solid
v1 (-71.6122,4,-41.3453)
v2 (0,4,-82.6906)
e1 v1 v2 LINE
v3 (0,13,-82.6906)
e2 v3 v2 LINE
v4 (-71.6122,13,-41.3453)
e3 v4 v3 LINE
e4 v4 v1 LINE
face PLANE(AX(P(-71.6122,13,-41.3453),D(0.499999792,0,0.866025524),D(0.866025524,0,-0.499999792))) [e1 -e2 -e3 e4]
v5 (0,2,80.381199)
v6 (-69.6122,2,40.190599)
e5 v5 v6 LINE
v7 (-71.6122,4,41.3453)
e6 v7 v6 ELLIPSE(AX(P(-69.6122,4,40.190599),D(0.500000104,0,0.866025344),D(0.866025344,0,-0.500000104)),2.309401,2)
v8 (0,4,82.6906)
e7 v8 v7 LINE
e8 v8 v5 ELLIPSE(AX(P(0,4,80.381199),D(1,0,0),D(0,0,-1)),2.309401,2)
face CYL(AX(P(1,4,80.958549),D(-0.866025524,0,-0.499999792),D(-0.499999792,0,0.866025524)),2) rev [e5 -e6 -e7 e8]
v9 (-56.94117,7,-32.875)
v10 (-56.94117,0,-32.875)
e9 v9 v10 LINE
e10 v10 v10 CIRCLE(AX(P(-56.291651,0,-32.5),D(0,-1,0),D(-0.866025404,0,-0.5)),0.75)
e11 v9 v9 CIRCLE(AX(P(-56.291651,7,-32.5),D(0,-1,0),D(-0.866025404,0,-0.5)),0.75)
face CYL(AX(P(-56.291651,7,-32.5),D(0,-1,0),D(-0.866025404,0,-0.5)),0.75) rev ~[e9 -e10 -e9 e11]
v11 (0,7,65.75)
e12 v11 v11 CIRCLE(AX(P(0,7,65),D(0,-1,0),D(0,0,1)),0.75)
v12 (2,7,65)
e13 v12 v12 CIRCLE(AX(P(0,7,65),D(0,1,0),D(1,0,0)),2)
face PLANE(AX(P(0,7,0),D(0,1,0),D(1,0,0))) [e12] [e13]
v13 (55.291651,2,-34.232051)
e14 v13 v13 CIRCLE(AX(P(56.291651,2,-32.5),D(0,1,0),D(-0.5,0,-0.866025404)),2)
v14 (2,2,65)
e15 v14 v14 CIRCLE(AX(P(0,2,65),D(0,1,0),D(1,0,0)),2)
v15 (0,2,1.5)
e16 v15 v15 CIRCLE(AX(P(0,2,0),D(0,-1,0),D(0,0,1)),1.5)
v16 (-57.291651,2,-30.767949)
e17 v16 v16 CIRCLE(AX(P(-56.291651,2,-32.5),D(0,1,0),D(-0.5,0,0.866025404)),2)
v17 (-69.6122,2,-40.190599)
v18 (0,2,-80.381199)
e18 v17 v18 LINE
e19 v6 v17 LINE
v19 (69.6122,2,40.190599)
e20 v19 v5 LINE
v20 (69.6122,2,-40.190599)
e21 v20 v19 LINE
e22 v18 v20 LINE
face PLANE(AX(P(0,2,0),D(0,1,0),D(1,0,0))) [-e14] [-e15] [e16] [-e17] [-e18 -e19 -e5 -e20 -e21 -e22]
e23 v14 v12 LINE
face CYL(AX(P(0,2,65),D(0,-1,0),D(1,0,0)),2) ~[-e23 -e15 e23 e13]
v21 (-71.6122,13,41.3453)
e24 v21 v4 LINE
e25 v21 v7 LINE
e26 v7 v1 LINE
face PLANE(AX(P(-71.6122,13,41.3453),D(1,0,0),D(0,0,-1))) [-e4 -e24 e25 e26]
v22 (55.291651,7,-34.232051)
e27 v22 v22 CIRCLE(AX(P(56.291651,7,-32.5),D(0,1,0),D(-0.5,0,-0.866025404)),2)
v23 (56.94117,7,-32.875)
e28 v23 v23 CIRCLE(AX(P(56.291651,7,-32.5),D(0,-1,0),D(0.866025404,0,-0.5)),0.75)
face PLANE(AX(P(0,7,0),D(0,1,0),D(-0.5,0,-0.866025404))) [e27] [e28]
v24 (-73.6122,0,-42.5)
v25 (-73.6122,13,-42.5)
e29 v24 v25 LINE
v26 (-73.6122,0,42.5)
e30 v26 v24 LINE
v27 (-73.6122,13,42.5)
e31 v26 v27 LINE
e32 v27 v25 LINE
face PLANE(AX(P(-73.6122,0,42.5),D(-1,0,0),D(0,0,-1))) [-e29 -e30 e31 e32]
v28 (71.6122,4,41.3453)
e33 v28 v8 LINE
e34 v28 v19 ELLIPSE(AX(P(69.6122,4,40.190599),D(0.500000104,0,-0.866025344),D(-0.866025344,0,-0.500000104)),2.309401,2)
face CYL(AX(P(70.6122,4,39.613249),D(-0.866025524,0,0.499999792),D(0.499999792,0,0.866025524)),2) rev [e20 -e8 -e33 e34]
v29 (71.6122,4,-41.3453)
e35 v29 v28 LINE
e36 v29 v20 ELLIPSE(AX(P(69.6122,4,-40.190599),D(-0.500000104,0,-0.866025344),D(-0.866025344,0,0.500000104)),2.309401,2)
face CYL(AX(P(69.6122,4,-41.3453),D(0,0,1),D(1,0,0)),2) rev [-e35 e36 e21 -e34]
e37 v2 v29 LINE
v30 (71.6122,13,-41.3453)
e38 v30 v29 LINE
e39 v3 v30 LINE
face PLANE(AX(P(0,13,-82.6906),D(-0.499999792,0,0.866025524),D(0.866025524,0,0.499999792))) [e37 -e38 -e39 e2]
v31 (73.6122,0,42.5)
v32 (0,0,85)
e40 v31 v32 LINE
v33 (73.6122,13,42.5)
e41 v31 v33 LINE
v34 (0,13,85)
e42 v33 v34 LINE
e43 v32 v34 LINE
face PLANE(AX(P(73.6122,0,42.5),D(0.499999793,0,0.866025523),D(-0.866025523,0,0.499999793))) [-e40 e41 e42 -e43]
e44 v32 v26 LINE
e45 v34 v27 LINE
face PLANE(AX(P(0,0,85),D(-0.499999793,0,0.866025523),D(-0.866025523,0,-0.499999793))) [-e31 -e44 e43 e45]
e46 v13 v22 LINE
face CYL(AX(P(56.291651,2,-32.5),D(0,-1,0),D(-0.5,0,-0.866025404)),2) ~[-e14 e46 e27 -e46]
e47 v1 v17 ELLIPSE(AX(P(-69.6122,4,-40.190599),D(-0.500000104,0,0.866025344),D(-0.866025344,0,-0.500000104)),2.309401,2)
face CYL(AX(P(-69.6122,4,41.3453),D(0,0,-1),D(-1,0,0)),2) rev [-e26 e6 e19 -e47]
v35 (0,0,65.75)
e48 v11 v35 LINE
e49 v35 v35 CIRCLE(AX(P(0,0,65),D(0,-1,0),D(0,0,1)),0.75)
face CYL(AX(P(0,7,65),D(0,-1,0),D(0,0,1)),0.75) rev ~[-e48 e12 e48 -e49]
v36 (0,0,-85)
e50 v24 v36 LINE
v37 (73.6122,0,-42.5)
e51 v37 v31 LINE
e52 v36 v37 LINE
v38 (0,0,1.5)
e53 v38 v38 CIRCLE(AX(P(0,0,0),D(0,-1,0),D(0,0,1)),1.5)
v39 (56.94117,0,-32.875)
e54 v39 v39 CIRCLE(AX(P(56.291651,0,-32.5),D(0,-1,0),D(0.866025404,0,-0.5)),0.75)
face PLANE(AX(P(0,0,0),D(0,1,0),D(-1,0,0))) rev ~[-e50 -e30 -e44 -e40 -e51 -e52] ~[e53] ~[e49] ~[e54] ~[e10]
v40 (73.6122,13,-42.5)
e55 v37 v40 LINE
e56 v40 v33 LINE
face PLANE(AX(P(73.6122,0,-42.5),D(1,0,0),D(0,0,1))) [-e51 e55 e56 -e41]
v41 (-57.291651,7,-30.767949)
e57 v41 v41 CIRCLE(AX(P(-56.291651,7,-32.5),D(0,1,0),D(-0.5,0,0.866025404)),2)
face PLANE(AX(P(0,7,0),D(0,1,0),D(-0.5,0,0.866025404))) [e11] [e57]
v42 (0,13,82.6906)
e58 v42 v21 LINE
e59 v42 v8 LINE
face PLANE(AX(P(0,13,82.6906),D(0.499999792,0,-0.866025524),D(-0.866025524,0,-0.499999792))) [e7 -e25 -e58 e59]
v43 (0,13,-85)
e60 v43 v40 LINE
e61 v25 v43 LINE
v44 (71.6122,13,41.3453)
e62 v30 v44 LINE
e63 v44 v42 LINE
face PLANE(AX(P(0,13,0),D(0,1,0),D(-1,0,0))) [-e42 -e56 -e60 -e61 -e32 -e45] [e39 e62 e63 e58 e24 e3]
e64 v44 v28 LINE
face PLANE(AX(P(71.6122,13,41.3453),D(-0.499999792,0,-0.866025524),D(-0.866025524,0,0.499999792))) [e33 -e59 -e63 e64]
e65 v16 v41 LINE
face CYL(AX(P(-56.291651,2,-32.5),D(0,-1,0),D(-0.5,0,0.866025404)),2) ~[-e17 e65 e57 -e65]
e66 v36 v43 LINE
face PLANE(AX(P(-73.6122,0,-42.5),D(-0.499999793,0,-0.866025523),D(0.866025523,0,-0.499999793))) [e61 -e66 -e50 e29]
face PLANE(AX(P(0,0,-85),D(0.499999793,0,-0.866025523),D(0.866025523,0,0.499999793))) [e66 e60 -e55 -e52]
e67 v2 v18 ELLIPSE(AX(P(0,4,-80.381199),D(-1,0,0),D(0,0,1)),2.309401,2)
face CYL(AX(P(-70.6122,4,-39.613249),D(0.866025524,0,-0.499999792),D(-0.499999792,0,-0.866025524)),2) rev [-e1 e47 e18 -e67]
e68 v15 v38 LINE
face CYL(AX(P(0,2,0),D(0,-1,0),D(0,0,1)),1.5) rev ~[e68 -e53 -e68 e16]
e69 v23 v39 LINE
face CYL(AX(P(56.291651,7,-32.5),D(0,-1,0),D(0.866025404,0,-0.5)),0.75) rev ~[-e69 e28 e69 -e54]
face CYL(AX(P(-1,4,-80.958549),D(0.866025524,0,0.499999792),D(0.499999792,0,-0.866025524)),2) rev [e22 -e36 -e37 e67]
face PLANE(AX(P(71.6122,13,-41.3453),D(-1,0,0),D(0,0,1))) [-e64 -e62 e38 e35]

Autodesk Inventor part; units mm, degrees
ref_plane "YZ Plane" through (0, 0, 0) normal (1, 0, 0) x (0, 1, 0)
ref_plane "XZ Plane" through (0, 0, 0) normal (0, 1, 0) x (-1, 0, 0)
ref_plane "XY Plane" through (0, 0, 0) normal (0, 0, 1) x (1, 0, 0)
sketch "Sketch1" plane through (0, 0, 0) normal (0, 1, 0) x (-1, 0, 0)
  line L0 (0, 85) -> (73.6122, 42.5)
  line L1 (73.6122, 42.5) -> (73.6122, -42.5)
  line L2 (73.6122, -42.5) -> (0, -85)
  line L3 (0, -85) -> (-73.6122, -42.5)
  line L4 (-73.6122, -42.5) -> (-73.6122, 42.5)
  line L5 (-73.6122, 42.5) -> (0, 85)
  point P0 (0, 0)
  point P1 (0, 0)
  dimension "d0" = 0
  dimension "d1" = 85
extrude "Extrusion1" add sketch "Sketch1" along normal blind 13
sketch "Sketch2" plane through (0, 13, 0) normal (0, 1, 0) x (1, 0, 0)
  line L0 (0, -82.6906) -> (-71.6122, -41.3453)
  line L1 (-71.6122, -41.3453) -> (-71.6122, 41.3453)
  line L2 (-71.6122, 41.3453) -> (0, 82.6906)
  line L3 (0, 82.6906) -> (71.6122, 41.3453)
  line L4 (71.6122, 41.3453) -> (71.6122, -41.3453)
  line L5 (71.6122, -41.3453) -> (0, -82.6906)
  line L6 (-73.6122, 42.5) -> (-73.6122, -42.5) projected
  point P0 (0, 0)
  point P1 (0, 0)
  point P2 (0, 0)
  dimension "d6" = 0
  dimension "d7" = 2
extrude "Extrusion2" cut sketch "Sketch2" against normal blind 11
sketch "Sketch3" plane through (0, 2, 0) normal (0, 1, 0) x (1, 0, 0)
  circle A0 centre (0, -65) radius 2
  point P0 (0, 0)
  dimension "d10" = 4
  dimension "d11" = 65
extrude "Extrusion3" add sketch "Sketch3" along normal blind 5
sketch "Sketch4" plane through (0, 7, 65) normal (0, 1, 0) x (1, 0, 0)
  point P0 (0, 65)
  point P1 (0, 0)
  point P2 (0, 0)
  dimension "d14" = 65
  dimension "d15" = 0
hole "Hole1" at (0, 7, 65) direction (0, -1, 0) diameter 1.5 end through all
pattern_circular "Circular Pattern1" count 3 over 360 about axis through (0, -10, 0) along (0, 1, 0) of "Extrusion3", "Hole1"
fillet "Fillet1" radius 2 6 edges at (-71.6122, 2, 0) (-35.8061, 2, 62.0179) (35.8061, 2, 62.0179) (71.6122, 2, 0) (35.8061, 2, -62.0179) (-35.8061, 2, -62.0179)
sketch "Sketch5" plane through (0, 2, 0) normal (0, 1, 0) x (1, 0, 0)
  point P0 (0, 0)
  point P1 (0, 0)
hole "Hole2" at (0, 2, 0) direction (0, -1, 0) diameter 3 depth 3
properties part number "hexlight-top-led-nodule"
